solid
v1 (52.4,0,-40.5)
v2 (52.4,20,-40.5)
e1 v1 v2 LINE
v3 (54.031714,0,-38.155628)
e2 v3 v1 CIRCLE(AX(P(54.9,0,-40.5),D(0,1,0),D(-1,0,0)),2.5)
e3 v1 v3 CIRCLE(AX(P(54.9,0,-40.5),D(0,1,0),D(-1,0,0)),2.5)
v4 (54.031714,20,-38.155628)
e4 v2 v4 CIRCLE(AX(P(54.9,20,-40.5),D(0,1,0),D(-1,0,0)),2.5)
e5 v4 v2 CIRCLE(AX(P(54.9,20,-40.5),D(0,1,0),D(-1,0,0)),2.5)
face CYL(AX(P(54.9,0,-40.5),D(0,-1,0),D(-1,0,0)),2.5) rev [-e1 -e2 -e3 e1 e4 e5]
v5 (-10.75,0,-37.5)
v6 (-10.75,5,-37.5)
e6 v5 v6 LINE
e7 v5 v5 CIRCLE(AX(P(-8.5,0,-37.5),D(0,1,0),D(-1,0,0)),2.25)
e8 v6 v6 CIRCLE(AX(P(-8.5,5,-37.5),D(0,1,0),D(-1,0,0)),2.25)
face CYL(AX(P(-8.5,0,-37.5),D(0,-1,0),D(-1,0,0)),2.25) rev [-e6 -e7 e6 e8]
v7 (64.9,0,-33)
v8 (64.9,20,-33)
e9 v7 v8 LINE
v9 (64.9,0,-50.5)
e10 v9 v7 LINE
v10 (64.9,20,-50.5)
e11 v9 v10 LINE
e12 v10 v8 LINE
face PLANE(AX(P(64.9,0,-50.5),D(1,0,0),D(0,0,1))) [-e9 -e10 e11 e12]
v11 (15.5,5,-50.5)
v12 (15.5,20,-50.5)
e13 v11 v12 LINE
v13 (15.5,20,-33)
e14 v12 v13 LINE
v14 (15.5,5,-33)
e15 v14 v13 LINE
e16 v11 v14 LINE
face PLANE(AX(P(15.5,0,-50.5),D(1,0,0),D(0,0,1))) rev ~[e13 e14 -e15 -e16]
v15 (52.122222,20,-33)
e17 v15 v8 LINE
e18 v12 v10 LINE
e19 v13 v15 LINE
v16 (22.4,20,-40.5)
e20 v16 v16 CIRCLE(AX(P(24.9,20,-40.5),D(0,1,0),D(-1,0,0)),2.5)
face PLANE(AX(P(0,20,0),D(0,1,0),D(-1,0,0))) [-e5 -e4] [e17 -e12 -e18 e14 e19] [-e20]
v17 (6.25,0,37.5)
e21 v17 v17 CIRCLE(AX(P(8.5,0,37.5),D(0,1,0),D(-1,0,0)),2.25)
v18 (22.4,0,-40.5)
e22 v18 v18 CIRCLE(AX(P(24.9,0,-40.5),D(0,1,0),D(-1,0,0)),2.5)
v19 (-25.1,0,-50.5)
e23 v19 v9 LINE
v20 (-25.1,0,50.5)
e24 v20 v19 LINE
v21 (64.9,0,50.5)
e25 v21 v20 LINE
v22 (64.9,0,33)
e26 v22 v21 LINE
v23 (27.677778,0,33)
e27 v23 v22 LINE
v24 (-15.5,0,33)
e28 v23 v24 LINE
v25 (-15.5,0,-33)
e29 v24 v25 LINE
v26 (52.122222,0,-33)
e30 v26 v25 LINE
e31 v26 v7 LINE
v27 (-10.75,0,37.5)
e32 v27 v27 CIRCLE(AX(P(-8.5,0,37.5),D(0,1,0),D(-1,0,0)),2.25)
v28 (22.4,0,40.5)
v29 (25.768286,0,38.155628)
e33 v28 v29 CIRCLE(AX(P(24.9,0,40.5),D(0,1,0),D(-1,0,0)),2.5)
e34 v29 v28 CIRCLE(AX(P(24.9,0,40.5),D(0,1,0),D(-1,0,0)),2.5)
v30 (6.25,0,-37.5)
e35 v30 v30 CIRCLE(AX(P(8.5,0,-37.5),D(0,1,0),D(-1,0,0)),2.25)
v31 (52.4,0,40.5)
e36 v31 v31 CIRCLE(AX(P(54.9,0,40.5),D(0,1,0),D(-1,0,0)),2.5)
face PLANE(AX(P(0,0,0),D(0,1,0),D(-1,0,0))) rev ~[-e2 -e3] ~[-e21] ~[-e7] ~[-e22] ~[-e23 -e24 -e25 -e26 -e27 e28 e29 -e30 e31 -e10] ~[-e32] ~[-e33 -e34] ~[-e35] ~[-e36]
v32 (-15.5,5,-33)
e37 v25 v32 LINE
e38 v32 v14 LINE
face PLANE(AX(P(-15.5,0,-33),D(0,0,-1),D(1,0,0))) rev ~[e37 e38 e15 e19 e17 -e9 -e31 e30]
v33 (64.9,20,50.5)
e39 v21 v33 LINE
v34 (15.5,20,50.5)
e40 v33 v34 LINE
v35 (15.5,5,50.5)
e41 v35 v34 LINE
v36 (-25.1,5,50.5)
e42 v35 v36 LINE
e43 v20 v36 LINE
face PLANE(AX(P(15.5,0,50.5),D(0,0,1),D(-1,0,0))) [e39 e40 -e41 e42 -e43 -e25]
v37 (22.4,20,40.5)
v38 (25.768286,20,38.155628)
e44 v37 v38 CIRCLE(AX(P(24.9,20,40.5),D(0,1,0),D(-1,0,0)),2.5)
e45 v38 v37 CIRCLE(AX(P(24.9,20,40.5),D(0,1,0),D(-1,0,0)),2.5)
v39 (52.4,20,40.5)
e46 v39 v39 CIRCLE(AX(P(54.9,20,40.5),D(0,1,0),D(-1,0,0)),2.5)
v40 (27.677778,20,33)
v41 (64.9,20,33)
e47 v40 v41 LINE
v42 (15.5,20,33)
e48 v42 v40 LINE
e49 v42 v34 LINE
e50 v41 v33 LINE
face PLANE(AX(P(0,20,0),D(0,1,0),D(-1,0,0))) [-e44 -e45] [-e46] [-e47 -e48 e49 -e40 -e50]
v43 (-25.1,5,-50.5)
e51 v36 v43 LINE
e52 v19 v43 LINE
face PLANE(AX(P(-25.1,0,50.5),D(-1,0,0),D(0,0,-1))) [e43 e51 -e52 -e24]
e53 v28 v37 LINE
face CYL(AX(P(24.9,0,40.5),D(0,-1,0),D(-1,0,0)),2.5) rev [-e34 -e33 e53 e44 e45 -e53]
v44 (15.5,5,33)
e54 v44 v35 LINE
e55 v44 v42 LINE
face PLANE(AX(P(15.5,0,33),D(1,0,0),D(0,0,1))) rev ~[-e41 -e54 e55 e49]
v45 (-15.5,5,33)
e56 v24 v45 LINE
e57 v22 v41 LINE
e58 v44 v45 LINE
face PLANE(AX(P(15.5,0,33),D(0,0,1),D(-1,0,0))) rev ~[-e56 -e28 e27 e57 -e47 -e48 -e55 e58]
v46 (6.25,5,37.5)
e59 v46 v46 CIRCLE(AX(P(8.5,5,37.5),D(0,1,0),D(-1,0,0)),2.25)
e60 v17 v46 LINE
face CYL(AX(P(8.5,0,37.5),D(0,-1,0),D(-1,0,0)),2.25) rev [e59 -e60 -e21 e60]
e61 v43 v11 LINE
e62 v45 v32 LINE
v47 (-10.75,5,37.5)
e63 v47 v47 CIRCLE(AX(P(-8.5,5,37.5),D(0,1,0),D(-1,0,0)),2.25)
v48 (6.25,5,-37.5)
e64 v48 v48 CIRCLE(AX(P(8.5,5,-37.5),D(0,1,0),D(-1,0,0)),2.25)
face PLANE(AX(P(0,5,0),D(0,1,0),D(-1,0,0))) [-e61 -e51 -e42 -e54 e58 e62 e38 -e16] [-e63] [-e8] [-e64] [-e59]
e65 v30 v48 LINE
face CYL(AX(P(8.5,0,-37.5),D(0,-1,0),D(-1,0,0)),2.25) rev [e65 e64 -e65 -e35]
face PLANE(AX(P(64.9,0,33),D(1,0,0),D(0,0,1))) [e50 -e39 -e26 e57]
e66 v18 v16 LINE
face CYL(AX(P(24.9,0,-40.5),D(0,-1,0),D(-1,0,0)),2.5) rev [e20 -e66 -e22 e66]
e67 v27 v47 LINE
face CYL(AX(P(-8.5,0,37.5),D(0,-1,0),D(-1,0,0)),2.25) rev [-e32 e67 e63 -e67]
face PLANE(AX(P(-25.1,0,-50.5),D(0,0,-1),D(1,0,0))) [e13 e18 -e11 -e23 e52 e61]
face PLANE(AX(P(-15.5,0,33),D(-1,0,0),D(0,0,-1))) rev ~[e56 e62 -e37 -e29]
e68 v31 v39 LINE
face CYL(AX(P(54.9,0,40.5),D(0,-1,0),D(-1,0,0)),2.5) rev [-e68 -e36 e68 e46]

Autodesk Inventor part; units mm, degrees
ref_plane "YZ Plane" through (0, 0, 0) normal (1, 0, 0) x (0, 1, 0)
ref_plane "XZ Plane" through (0, 0, 0) normal (0, 1, 0) x (-1, 0, 0)
ref_plane "XY Plane" through (0, 0, 0) normal (0, 0, 1) x (1, 0, 0)
sketch "Sketch1" plane through (0, 0, 0) normal (0, 1, 0) x (-1, 0, 0)
  line L0 (8.5, -37.5) -> (8.5, 37.5) construction
  line L1 (-8.5, 37.5) -> (-8.5, -37.5) construction
  line L2 (15.5, 33) -> (15.5, -33)
  line L3 (-15.5, -33) -> (-15.5, 33) construction
  line L4 (15.5, -33) -> (-15.5, -33)
  line L5 (-8.5, -37.5) -> (8.5, -37.5) construction
  circle A0 centre (8.5, -37.5) radius 2.25
  line L6 (0, -37.5) -> (-8.5, -37.5) construction
  circle A1 centre (-8.5, -37.5) radius 2.25
  line L7 (-15.5, 33) -> (15.5, 33)
  circle A2 centre (-8.5, 37.5) radius 2.25
  line L8 (8.5, 37.5) -> (-8.5, 37.5) construction
  circle A3 centre (8.5, 37.5) radius 2.25
  line L9 (-15.5, -33) -> (15.5, 33) construction
  line L10 (0, 33) -> (0, 19.5) construction
  line L11 (0, 0) -> (15.5, 0) construction
  line L12 (0, 19.5) -> (-39.9, 19.5) construction
  line L13 (-54.9, -40.5) -> (-24.9, -40.5) construction
  circle A4 centre (-54.9, -40.5) radius 2.5
  circle A5 centre (-24.9, -40.5) radius 2.5
  line L14 (-24.9, -40.5) -> (-24.9, -50.5) construction
  line L15 (25.1, 50.5) -> (25.1, -50.5)
  line L16 (25.1, -50.5) -> (-24.9, -50.5)
  line L17 (-15.5, -33) -> (-64.9, -33)
  line L18 (-64.9, -50.5) -> (-24.9, -50.5)
  line L19 (0, 0) -> (-54.9, 0) construction
  line L20 (-54.9, 40.5) -> (-24.9, 40.5) construction
  circle A6 centre (-54.9, 40.5) radius 2.5
  circle A7 centre (-24.9, 40.5) radius 2.5
  line L21 (-24.9, 40.5) -> (-24.9, 50.5) construction
  line L22 (-15.5, 33) -> (-64.9, 33)
  line L23 (-64.9, 50.5) -> (25.1, 50.5)
  line L24 (-24.9, 40.5) -> (-54.9, -40.5)
  circle A8 centre (-39.9, 19.5) radius 3.9303 construction
  line L25 (-15.5, -50.5) -> (-15.5, -33)
  line L26 (-15.5, 33) -> (-15.5, 50.5)
  line L27 (-64.9, -50.5) -> (-64.9, -33)
  line L28 (-64.9, 33) -> (-64.9, 50.5)
  point P0 (0, 0)
  point P1 (8.5, 33)
  dimension "d0" = 8.5
  dimension "d1" = 4.5
  dimension "d2" = 17
  dimension "d3" = 75
  dimension "d4" = 31
  dimension "d9" = 13.5
  dimension "d13" = 39.9
  dimension "d14" = 30
  dimension "d18" = 10
extrude "Extrusion1" add sketch "Sketch1" along normal blind 5 contours L7 L26 L23 L15 L16 L25 L4 L2
extrude "Extrusion2" add sketch "Sketch1" along normal blind 20 contours L22 L28 L23 L26 | L25 L16 L18 L27 L17
properties part number "Servo_fix"
